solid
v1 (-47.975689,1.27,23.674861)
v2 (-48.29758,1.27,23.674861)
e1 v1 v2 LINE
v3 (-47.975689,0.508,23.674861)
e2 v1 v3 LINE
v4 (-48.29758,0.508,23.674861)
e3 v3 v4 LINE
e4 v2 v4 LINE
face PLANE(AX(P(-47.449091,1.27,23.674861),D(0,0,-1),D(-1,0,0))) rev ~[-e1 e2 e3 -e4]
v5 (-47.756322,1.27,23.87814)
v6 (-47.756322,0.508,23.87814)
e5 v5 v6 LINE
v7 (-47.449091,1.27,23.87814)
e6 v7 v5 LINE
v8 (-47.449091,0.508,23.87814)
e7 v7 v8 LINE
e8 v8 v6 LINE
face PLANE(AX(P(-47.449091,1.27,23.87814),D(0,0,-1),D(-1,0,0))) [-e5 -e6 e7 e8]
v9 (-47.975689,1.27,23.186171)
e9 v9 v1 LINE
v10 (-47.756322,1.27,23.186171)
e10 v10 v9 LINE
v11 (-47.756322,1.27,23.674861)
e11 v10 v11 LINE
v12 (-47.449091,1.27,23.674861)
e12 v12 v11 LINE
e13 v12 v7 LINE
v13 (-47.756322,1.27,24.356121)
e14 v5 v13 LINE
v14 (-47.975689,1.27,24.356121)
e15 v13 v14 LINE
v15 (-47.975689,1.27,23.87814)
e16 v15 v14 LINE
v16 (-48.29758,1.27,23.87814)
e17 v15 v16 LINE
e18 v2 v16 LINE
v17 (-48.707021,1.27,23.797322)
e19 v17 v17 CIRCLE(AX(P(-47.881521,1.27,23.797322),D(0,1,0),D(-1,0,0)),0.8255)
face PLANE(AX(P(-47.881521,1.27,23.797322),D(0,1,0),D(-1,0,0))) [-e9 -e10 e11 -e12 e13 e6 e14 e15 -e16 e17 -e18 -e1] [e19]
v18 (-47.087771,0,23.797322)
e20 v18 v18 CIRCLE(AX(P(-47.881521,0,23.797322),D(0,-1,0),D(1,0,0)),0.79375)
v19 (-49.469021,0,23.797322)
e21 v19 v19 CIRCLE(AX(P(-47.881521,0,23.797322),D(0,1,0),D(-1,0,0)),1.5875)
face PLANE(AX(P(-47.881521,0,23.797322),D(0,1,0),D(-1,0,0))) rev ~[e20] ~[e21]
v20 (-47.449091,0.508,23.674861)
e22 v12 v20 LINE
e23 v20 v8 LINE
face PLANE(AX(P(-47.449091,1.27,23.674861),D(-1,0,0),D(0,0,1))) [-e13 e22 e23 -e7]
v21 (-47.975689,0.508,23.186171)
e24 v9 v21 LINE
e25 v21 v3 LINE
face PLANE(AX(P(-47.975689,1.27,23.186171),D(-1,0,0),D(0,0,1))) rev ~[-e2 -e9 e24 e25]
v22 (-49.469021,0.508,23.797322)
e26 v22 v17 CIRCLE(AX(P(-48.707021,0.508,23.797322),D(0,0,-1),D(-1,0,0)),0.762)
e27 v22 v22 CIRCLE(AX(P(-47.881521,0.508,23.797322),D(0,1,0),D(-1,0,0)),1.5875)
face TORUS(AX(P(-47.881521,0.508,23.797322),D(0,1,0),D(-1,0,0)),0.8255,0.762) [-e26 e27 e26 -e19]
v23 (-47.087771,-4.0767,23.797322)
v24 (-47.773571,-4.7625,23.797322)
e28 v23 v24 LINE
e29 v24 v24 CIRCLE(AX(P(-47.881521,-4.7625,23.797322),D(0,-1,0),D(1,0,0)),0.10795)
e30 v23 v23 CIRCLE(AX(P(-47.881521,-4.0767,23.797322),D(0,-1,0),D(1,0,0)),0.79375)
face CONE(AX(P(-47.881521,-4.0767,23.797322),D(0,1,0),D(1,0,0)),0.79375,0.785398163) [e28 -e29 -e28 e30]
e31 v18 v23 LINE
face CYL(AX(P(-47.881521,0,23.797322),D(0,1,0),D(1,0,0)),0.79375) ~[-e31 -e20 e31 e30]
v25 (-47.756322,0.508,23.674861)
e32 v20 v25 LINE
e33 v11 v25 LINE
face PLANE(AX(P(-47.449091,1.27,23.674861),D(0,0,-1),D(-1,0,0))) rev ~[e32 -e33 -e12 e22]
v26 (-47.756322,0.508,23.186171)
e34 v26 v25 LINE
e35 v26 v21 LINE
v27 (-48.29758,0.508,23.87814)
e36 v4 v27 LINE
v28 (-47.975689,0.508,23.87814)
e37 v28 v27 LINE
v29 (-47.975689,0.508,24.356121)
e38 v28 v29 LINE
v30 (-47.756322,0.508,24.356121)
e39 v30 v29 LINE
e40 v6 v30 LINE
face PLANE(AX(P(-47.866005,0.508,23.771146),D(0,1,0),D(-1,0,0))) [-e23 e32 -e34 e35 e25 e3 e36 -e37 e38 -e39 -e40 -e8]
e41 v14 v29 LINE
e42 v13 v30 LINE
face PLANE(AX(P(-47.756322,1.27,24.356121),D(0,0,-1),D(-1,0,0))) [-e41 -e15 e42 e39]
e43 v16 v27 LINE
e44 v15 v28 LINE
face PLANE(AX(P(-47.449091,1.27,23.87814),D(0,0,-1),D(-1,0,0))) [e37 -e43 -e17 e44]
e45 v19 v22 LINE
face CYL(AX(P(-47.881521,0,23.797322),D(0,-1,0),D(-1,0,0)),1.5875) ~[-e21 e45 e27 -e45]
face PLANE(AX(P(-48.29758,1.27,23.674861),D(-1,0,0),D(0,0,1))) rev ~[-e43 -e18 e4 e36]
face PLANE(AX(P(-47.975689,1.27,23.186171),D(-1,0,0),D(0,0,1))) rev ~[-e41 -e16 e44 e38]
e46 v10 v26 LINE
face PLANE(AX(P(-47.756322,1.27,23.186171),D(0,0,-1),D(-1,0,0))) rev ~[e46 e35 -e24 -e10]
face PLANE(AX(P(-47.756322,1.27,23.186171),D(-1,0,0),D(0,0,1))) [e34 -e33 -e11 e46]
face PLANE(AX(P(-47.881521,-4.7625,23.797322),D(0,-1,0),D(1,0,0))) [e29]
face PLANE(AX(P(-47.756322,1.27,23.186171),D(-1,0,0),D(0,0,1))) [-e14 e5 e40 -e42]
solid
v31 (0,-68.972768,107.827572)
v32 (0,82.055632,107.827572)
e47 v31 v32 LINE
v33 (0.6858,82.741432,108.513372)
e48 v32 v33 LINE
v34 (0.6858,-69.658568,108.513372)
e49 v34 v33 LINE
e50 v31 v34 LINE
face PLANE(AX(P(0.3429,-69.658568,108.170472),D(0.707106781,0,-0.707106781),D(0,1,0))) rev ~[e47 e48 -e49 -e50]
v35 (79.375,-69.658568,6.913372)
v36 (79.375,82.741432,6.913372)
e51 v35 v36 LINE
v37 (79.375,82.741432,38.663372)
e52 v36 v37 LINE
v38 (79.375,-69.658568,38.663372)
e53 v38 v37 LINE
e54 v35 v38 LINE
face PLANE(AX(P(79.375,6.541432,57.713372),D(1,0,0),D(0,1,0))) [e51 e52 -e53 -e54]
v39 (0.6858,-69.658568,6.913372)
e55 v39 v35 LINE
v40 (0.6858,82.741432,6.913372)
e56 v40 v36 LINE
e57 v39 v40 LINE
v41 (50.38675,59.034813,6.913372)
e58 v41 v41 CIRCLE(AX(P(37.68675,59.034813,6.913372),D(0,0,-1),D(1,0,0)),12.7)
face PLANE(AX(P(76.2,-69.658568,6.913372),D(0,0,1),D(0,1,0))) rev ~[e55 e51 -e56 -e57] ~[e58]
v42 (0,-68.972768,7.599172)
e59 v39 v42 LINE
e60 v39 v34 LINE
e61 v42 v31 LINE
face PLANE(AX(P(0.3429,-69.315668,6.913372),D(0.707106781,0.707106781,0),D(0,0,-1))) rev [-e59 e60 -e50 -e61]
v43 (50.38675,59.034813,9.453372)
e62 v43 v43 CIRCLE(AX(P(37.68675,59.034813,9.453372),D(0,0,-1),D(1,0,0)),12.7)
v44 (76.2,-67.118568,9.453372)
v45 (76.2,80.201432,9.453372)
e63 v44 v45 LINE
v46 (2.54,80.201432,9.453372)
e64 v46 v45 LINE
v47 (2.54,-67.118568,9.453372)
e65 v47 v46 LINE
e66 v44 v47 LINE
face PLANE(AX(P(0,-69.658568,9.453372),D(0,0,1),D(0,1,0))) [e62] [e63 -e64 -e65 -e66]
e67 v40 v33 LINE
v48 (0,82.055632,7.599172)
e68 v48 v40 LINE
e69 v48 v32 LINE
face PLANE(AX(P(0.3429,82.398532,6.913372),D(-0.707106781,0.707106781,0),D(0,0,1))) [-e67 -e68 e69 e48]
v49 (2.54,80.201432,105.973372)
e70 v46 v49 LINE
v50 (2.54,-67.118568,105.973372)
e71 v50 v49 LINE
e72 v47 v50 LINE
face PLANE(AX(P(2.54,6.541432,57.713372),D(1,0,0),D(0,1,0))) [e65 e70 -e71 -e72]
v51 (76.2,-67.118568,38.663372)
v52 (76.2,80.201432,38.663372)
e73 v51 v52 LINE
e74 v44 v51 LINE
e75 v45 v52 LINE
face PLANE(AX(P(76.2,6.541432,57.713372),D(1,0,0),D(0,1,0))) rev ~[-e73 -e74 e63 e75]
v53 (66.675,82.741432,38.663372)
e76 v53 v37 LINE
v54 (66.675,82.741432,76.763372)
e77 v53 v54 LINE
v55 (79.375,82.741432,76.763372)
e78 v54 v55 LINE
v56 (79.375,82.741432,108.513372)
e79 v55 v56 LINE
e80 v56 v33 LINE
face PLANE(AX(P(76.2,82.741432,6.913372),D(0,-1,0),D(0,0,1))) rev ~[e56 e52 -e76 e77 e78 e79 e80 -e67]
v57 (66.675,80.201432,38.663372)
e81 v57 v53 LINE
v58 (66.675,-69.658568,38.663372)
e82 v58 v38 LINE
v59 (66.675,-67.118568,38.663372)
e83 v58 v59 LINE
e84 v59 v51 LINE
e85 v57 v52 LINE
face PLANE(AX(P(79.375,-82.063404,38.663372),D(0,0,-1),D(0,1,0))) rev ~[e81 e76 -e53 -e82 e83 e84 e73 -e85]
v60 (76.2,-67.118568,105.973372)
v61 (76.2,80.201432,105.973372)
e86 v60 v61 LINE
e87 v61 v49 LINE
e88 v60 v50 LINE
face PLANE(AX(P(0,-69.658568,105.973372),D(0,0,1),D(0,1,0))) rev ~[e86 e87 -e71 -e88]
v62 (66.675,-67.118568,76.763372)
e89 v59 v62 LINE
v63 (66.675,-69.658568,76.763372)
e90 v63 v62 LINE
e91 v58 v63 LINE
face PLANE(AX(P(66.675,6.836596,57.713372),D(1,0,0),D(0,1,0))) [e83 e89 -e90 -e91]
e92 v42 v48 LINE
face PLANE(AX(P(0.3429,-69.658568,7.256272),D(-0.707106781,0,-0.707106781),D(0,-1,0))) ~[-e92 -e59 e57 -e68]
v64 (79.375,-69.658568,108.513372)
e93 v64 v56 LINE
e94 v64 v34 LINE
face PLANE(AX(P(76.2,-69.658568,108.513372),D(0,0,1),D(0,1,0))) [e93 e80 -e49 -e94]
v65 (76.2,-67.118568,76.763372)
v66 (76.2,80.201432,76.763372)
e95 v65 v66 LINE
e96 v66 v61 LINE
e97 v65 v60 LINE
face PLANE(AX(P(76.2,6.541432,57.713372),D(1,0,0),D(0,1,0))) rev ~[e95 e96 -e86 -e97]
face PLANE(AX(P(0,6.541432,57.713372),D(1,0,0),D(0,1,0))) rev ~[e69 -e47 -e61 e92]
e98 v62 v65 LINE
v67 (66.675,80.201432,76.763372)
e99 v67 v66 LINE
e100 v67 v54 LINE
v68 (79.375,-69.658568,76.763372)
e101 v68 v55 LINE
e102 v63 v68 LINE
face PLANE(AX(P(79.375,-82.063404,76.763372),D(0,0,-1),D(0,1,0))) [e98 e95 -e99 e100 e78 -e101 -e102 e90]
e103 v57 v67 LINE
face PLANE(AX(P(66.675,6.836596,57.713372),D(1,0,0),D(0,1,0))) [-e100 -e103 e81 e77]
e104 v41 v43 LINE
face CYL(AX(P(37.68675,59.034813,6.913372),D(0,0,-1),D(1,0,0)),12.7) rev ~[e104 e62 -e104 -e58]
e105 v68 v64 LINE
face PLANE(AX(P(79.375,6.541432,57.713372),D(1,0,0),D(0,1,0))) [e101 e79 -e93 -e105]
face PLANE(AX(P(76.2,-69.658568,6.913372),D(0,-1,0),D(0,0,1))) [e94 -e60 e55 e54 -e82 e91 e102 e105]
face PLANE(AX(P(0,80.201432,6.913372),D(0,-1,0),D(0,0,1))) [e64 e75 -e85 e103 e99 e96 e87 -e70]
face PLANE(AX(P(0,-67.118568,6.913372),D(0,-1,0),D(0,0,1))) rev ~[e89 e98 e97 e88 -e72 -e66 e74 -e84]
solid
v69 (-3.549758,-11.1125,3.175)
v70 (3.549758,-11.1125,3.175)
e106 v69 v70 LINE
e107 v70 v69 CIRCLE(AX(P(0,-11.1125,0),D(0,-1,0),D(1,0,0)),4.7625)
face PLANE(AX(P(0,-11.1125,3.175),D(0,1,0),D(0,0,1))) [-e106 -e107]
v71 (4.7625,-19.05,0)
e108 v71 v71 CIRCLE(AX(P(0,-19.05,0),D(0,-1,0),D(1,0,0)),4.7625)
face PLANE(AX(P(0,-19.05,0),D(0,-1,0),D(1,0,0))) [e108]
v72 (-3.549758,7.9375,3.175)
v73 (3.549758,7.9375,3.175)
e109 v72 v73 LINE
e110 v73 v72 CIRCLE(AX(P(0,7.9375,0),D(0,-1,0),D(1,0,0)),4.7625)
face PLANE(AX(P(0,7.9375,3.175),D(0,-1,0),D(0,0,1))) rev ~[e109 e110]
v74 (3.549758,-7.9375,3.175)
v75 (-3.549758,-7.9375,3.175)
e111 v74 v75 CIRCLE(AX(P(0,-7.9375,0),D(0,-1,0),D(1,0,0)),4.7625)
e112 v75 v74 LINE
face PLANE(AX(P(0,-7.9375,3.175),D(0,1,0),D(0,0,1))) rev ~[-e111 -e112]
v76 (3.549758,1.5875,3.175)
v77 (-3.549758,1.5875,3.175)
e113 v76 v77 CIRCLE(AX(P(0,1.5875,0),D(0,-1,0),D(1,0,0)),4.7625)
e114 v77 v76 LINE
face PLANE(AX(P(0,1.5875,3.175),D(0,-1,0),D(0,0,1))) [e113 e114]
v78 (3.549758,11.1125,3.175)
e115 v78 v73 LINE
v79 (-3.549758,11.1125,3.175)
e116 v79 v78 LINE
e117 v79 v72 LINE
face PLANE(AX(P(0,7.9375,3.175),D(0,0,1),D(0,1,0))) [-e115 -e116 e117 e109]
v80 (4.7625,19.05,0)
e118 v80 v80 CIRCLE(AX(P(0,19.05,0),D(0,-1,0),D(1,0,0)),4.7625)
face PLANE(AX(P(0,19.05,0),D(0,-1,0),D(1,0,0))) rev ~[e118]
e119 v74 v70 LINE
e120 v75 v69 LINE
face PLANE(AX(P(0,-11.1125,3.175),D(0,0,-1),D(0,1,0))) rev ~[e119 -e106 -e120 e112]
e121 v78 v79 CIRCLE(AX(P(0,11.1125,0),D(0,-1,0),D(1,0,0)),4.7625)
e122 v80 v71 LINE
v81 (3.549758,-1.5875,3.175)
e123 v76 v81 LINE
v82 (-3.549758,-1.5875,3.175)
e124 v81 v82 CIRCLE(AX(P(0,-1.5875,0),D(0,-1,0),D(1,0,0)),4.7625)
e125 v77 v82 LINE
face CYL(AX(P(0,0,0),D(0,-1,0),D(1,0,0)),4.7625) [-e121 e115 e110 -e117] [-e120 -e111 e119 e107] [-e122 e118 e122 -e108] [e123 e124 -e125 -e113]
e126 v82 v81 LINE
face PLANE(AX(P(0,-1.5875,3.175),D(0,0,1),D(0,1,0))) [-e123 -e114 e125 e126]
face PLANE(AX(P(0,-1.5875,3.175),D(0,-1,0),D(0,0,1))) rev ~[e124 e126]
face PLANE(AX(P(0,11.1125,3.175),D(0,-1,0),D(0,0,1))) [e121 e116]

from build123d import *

# Parameters (mm, degrees)
F0_R       = 4.7625
F1_DEPTH   = 19.05
F2_W       = 3.175
F2_H       = 3.3072910916
F3_DEPTH   = 12.7
F4_W       = 152.4
F4_H       = 101.6
F5_DEPTH   = 76.2
F6_T       = -2.54
F7_W       = 152.4
F7_H       = 101.6
F8_DEPTH   = 3.175
F9_W       = 177.8
F9_H       = 38.1
F10_DEPTH  = 12.7
F11_R      = 12.7
F12_DEPTH  = 25.4
F13_R      = 0.79375
F14_DEPTH  = 4.7625
F15_SIZE   = 0.6858
F15_2_SIZE = 0.6858
F16_R      = 1.5875
F17_DEPTH  = 1.27
F18_R      = 0.762
F19_W      = 0.2193674445
F19_H      = 1.16994977
F20_DEPTH  = 0.762
F21_W      = 0.8484892041
F21_H      = 0.2032797784
F22_DEPTH  = 0.762


with BuildPart() as f1:
    # F0 (on Front) → F1 (new body, symmetric)
    with BuildSketch(Plane.XZ):
        Circle(F0_R)
    extrude(amount=F1_DEPTH, both=True)

    # F2 (on Right) → F3 (cut, symmetric)
    with BuildSketch(Plane.YZ):
        with Locations((0, 4.8286455458)):
            Rectangle(F2_W, F2_H)
        with Locations((9.525, 4.8286455458)):
            Rectangle(F2_W, F2_H)
        with Locations((-9.525, 4.8286455458)):
            Rectangle(F2_W, F2_H)
    extrude(amount=F3_DEPTH, both=True, mode=Mode.SUBTRACT)


with BuildPart() as f5:
    # F4 (on Right) → F5 (new body)
    with BuildSketch(Plane.YZ):
        with Locations((6.5414318815, 57.7133724002)):
            Rectangle(F4_W, F4_H)
    extrude(amount=F5_DEPTH)

    # F6
    f6_openings = [f5.faces().sort_by_distance(p)[0] for p in [
        (76.2, 6.541432, 57.713372),
    ]]
    offset(amount=F6_T, openings=f6_openings)

    # F7 (on face) → F8 (join)
    with BuildSketch(Plane.YZ.offset(76.2)):
        with Locations((6.5414318815, 57.7133724002)):
            Rectangle(F7_W, F7_H)
    extrude(amount=F8_DEPTH)

    # F9 (on face) → F10 (cut)
    with BuildSketch(Plane.YZ.offset(79.375)):
        with Locations((6.8365962322, 57.7133724002)):
            Rectangle(F9_W, F9_H)
    extrude(amount=-F10_DEPTH, mode=Mode.SUBTRACT)

    # F11 (on face) → F12 (cut)
    with BuildSketch(Plane(origin=(0, 0, 6.9133724002), x_dir=(1, 0, 0), z_dir=(0, 0, -1))):
        with Locations((37.6867502928, -59.0348131955)):
            Circle(F11_R)
    extrude(amount=-F12_DEPTH, mode=Mode.SUBTRACT)

    # F15#2
    f15_2_edges = [f5.edges().sort_by_distance(p)[0] for p in [
        (0, 82.741432, 57.713372),
        (0, 6.541432, 108.513372),
        (0, -69.658568, 57.713372),
        (0, 6.541432, 6.913372),
    ]]
    chamfer(f15_2_edges, length=F15_2_SIZE)


with BuildPart() as f14:
    # F13 (on Front) → F14 (new body)
    with BuildSketch(Plane.XZ):
        with Locations((-47.8815212846, 23.7973220646)):
            Circle(F13_R)
    extrude(amount=F14_DEPTH)

    # F15
    f15_edges = [f14.edges().sort_by_distance(p)[0] for p in [
        (-48.675271, -4.7625, 23.797322),
    ]]
    chamfer(f15_edges, length=F15_SIZE)

    # F16 (on face) → F17 (join)
    with BuildSketch(Plane(origin=(0, 0, 0), x_dir=(-1, 0, 0), z_dir=(0, 1, 0))):
        with Locations((47.8815212846, 23.7973220646)):
            Circle(F16_R)
    extrude(amount=F17_DEPTH)

    # F18
    f18_edges = [f14.edges().sort_by_distance(p)[0] for p in [
        (-46.294021, 1.27, 23.797322),
    ]]
    fillet(f18_edges, radius=F18_R)

    # F19 (on face) → F20 (cut)
    with BuildSketch(Plane(origin=(0, 1.27, 0), x_dir=(-1, 0, 0), z_dir=(0, 1, 0))):
        with Locations((47.8660054505, 23.7711463124)):
            Rectangle(F19_W, F19_H)
    extrude(amount=-F20_DEPTH, mode=Mode.SUBTRACT)

    # F21 (on face) → F22 (cut)
    with BuildSketch(Plane(origin=(0, 1.27, 0), x_dir=(-1, 0, 0), z_dir=(0, 1, 0))):
        with Locations((47.8733357295, 23.7765004858)):
            Rectangle(F21_W, F21_H)
    extrude(amount=-F22_DEPTH, mode=Mode.SUBTRACT)


solid = Compound([f1.part, f5.part, f14.part])
